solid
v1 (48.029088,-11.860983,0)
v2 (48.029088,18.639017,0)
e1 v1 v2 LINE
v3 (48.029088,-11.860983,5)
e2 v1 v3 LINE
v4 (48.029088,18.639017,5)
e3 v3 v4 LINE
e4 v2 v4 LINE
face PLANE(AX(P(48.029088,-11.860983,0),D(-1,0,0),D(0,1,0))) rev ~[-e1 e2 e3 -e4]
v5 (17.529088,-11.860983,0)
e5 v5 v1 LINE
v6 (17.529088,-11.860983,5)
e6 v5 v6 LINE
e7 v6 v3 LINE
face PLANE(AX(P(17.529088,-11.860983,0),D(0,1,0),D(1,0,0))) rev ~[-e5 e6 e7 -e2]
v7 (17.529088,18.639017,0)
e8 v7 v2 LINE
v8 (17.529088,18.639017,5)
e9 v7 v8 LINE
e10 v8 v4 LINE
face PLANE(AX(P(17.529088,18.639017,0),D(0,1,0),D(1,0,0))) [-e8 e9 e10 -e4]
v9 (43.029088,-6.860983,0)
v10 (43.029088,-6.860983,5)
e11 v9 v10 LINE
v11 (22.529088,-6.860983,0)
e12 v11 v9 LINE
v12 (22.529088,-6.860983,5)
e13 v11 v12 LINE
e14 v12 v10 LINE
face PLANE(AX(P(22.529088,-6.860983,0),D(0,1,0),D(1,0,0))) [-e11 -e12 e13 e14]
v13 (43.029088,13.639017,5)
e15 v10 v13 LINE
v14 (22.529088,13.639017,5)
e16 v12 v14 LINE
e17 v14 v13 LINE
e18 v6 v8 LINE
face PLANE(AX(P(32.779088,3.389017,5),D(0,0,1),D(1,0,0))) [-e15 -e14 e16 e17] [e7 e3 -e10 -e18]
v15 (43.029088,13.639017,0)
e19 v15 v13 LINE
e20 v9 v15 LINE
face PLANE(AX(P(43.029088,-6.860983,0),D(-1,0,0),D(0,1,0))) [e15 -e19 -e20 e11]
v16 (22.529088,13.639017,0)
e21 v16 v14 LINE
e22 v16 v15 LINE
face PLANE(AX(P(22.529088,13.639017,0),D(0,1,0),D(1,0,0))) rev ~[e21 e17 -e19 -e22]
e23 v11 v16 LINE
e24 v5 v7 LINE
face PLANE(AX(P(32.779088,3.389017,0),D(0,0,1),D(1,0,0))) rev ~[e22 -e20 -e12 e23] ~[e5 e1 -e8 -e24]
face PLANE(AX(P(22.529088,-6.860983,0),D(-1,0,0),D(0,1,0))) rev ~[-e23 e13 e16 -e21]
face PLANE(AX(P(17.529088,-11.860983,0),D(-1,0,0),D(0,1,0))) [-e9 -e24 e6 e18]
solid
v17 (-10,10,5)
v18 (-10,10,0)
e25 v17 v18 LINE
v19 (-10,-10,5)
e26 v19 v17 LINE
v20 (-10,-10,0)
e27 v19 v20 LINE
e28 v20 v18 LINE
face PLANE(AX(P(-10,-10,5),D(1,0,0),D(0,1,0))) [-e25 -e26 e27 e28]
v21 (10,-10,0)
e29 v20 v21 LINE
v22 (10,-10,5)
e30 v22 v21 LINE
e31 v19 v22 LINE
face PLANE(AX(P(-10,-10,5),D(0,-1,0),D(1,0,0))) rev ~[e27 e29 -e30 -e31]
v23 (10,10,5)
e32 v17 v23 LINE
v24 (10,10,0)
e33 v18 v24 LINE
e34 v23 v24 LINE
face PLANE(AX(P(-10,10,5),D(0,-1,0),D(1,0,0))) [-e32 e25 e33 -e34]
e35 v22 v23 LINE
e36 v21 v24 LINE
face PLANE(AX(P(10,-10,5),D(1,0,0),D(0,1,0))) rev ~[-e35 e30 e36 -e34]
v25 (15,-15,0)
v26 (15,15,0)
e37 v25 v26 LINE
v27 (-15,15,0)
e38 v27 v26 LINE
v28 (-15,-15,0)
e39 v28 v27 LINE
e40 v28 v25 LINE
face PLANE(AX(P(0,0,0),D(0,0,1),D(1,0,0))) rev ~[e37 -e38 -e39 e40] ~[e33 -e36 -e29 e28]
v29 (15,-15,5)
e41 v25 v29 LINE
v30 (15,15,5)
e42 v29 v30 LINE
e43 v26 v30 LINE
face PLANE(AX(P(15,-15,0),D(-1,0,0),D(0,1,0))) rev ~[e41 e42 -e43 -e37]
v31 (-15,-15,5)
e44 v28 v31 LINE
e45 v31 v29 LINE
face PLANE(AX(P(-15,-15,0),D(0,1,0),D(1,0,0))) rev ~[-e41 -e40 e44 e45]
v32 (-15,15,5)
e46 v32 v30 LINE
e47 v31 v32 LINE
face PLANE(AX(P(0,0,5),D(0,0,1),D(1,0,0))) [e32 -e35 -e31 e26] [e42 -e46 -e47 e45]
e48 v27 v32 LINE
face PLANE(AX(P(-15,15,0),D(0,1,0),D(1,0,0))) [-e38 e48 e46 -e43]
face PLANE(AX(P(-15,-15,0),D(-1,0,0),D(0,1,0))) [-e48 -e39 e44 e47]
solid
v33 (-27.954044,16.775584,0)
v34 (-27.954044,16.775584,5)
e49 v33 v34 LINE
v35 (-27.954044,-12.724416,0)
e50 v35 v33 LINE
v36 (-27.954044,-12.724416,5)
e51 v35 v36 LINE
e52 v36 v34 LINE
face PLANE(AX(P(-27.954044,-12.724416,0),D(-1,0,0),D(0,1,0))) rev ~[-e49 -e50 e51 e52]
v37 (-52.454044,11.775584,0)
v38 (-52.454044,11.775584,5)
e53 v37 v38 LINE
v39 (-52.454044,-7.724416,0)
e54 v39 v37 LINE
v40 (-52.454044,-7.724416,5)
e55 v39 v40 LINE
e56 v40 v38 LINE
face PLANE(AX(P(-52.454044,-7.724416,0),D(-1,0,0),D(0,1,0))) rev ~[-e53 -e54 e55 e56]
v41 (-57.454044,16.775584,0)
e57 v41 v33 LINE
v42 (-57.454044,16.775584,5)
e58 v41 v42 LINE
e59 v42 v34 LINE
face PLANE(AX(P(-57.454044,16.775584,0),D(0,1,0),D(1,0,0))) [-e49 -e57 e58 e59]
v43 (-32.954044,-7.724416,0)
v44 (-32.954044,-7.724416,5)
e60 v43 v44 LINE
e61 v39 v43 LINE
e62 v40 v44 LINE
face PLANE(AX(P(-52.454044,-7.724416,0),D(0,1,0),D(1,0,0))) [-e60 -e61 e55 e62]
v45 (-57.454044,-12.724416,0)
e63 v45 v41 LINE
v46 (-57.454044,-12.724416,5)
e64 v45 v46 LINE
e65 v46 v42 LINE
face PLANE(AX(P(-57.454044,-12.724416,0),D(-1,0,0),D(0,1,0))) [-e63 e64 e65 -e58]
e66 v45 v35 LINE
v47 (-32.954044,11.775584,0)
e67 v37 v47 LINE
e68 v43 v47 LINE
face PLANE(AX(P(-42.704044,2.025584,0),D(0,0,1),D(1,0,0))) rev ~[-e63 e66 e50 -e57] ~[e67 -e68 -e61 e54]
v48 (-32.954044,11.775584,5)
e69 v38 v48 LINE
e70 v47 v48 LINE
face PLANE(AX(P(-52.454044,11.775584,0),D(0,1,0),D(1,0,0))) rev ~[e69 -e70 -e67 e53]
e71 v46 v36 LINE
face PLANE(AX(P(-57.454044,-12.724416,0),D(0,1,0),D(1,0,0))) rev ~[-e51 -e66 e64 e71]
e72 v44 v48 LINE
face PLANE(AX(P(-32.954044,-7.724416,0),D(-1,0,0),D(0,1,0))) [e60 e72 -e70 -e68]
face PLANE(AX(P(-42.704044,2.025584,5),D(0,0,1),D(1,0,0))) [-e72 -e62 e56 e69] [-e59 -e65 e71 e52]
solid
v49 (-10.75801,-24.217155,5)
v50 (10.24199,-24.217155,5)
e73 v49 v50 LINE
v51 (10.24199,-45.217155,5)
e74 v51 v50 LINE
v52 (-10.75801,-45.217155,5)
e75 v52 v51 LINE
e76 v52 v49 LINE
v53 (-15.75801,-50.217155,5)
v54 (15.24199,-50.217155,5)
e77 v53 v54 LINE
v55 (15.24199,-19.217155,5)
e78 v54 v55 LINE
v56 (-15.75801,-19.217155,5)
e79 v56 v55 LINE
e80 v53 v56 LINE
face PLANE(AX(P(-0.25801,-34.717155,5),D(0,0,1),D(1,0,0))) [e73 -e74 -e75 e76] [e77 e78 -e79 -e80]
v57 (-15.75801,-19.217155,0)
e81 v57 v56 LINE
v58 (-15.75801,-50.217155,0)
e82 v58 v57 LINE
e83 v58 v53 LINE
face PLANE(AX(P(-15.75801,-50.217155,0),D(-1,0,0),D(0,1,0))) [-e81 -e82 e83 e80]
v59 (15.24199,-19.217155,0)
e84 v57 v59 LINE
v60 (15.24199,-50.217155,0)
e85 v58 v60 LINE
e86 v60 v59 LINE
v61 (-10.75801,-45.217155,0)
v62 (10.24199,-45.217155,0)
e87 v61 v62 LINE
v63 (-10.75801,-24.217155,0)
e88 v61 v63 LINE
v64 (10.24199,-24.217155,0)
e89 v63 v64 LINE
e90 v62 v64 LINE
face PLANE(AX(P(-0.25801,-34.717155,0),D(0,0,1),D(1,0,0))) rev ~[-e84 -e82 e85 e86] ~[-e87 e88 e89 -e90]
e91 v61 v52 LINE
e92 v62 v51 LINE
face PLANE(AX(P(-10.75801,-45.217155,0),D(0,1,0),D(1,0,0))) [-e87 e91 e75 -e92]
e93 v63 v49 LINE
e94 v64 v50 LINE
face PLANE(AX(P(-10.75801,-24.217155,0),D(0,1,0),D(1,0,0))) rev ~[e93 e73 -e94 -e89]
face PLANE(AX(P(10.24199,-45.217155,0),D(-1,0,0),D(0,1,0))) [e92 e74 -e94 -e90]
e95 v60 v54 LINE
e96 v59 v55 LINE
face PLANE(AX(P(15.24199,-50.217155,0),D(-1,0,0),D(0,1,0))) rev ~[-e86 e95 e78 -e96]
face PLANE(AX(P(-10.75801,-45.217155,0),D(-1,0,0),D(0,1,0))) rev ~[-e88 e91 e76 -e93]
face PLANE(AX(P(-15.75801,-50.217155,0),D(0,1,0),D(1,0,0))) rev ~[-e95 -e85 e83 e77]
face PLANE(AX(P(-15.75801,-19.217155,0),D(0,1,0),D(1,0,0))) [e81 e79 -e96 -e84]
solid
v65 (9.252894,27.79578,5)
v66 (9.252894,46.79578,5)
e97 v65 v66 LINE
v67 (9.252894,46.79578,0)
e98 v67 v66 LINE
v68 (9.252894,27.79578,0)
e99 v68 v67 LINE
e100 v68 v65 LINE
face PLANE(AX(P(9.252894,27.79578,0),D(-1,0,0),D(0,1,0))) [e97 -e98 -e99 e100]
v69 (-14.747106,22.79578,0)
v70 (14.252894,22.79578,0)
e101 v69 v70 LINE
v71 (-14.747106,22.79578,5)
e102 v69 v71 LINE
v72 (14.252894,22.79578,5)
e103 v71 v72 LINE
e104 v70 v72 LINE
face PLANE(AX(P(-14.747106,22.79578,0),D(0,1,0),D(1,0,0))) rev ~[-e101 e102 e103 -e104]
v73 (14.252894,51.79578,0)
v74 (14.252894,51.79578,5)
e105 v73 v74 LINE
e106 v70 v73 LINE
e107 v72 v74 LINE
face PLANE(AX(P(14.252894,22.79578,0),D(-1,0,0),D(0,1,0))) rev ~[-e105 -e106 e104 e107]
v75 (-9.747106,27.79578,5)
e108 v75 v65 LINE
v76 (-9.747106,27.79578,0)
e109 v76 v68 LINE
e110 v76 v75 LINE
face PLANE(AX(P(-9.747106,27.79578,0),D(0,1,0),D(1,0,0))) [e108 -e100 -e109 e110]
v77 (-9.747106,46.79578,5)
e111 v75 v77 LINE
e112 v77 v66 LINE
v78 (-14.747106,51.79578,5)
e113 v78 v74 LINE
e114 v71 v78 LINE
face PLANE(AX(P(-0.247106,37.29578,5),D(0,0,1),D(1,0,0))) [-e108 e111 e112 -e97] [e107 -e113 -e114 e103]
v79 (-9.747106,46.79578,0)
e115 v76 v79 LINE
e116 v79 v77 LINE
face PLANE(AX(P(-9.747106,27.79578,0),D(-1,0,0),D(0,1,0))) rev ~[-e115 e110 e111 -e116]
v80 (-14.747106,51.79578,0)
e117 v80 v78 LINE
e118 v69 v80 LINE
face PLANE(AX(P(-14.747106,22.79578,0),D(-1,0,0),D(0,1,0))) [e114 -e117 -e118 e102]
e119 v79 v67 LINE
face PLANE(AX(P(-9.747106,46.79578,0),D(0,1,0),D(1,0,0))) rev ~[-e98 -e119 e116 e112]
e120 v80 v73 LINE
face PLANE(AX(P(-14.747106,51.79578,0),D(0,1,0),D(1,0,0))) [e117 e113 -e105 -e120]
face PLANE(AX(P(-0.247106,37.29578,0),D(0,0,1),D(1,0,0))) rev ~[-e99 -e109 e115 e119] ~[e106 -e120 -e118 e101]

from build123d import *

# Parameters (mm, degrees)
F0_W      = 30
F0_H      = 30
F1_DEPTH  = 5
F2_W      = 20
F2_H      = 20
F3_DEPTH  = 5
F4_W      = 29
F4_H      = 29
F4_W_2    = 19
F4_H_2    = 19
F5_DEPTH  = 5
F6_W      = 31
F6_H      = 31
F6_W_2    = 21
F6_H_2    = 21
F7_DEPTH  = 5
F8_W      = 30.5
F8_H      = 30.5
F8_W_2    = 20.5
F8_H_2    = 20.5
F9_DEPTH  = 5
F10_W     = 29.5
F10_H     = 29.5
F10_W_2   = 19.5
F10_H_2   = 19.5
F11_DEPTH = 5


with BuildPart() as f1:
    # F0 (on Top) → F1 (new body)
    with BuildSketch(Plane.XY):
        Rectangle(F0_W, F0_H)
    extrude(amount=F1_DEPTH)

    # F2 (on face) → F3 (cut)
    with BuildSketch(Plane.XY.offset(5)):
        Rectangle(F2_W, F2_H)
    extrude(amount=-F3_DEPTH, mode=Mode.SUBTRACT)


with BuildPart() as f5:
    # F4 (on Top) → F5 (new body)
    with BuildSketch(Plane.XY):
        with Locations((-0.247106, 37.29578)):
            Rectangle(F4_W, F4_H)
        with Locations((-0.247106, 37.29578)):
            Rectangle(F4_W_2, F4_H_2, mode=Mode.SUBTRACT)
    extrude(amount=F5_DEPTH)


with BuildPart() as f7:
    # F6 (on Top) → F7 (new body)
    with BuildSketch(Plane.XY):
        with Locations((-0.25801, -34.717155)):
            Rectangle(F6_W, F6_H)
        with Locations((-0.25801, -34.717155)):
            Rectangle(F6_W_2, F6_H_2, mode=Mode.SUBTRACT)
    extrude(amount=F7_DEPTH)


with BuildPart() as f9:
    # F8 (on Top) → F9 (new body)
    with BuildSketch(Plane.XY):
        with Locations((32.779088, 3.389017)):
            Rectangle(F8_W, F8_H)
        with Locations((32.779088, 3.389017)):
            Rectangle(F8_W_2, F8_H_2, mode=Mode.SUBTRACT)
    extrude(amount=F9_DEPTH)


with BuildPart() as f11:
    # F10 (on Top) → F11 (new body)
    with BuildSketch(Plane.XY):
        with Locations((-42.704044, 2.025584)):
            Rectangle(F10_W, F10_H)
        with Locations((-42.704044, 2.025584)):
            Rectangle(F10_W_2, F10_H_2, mode=Mode.SUBTRACT)
    extrude(amount=F11_DEPTH)


solid = Compound([f1.part, f5.part, f7.part, f9.part, f11.part])
